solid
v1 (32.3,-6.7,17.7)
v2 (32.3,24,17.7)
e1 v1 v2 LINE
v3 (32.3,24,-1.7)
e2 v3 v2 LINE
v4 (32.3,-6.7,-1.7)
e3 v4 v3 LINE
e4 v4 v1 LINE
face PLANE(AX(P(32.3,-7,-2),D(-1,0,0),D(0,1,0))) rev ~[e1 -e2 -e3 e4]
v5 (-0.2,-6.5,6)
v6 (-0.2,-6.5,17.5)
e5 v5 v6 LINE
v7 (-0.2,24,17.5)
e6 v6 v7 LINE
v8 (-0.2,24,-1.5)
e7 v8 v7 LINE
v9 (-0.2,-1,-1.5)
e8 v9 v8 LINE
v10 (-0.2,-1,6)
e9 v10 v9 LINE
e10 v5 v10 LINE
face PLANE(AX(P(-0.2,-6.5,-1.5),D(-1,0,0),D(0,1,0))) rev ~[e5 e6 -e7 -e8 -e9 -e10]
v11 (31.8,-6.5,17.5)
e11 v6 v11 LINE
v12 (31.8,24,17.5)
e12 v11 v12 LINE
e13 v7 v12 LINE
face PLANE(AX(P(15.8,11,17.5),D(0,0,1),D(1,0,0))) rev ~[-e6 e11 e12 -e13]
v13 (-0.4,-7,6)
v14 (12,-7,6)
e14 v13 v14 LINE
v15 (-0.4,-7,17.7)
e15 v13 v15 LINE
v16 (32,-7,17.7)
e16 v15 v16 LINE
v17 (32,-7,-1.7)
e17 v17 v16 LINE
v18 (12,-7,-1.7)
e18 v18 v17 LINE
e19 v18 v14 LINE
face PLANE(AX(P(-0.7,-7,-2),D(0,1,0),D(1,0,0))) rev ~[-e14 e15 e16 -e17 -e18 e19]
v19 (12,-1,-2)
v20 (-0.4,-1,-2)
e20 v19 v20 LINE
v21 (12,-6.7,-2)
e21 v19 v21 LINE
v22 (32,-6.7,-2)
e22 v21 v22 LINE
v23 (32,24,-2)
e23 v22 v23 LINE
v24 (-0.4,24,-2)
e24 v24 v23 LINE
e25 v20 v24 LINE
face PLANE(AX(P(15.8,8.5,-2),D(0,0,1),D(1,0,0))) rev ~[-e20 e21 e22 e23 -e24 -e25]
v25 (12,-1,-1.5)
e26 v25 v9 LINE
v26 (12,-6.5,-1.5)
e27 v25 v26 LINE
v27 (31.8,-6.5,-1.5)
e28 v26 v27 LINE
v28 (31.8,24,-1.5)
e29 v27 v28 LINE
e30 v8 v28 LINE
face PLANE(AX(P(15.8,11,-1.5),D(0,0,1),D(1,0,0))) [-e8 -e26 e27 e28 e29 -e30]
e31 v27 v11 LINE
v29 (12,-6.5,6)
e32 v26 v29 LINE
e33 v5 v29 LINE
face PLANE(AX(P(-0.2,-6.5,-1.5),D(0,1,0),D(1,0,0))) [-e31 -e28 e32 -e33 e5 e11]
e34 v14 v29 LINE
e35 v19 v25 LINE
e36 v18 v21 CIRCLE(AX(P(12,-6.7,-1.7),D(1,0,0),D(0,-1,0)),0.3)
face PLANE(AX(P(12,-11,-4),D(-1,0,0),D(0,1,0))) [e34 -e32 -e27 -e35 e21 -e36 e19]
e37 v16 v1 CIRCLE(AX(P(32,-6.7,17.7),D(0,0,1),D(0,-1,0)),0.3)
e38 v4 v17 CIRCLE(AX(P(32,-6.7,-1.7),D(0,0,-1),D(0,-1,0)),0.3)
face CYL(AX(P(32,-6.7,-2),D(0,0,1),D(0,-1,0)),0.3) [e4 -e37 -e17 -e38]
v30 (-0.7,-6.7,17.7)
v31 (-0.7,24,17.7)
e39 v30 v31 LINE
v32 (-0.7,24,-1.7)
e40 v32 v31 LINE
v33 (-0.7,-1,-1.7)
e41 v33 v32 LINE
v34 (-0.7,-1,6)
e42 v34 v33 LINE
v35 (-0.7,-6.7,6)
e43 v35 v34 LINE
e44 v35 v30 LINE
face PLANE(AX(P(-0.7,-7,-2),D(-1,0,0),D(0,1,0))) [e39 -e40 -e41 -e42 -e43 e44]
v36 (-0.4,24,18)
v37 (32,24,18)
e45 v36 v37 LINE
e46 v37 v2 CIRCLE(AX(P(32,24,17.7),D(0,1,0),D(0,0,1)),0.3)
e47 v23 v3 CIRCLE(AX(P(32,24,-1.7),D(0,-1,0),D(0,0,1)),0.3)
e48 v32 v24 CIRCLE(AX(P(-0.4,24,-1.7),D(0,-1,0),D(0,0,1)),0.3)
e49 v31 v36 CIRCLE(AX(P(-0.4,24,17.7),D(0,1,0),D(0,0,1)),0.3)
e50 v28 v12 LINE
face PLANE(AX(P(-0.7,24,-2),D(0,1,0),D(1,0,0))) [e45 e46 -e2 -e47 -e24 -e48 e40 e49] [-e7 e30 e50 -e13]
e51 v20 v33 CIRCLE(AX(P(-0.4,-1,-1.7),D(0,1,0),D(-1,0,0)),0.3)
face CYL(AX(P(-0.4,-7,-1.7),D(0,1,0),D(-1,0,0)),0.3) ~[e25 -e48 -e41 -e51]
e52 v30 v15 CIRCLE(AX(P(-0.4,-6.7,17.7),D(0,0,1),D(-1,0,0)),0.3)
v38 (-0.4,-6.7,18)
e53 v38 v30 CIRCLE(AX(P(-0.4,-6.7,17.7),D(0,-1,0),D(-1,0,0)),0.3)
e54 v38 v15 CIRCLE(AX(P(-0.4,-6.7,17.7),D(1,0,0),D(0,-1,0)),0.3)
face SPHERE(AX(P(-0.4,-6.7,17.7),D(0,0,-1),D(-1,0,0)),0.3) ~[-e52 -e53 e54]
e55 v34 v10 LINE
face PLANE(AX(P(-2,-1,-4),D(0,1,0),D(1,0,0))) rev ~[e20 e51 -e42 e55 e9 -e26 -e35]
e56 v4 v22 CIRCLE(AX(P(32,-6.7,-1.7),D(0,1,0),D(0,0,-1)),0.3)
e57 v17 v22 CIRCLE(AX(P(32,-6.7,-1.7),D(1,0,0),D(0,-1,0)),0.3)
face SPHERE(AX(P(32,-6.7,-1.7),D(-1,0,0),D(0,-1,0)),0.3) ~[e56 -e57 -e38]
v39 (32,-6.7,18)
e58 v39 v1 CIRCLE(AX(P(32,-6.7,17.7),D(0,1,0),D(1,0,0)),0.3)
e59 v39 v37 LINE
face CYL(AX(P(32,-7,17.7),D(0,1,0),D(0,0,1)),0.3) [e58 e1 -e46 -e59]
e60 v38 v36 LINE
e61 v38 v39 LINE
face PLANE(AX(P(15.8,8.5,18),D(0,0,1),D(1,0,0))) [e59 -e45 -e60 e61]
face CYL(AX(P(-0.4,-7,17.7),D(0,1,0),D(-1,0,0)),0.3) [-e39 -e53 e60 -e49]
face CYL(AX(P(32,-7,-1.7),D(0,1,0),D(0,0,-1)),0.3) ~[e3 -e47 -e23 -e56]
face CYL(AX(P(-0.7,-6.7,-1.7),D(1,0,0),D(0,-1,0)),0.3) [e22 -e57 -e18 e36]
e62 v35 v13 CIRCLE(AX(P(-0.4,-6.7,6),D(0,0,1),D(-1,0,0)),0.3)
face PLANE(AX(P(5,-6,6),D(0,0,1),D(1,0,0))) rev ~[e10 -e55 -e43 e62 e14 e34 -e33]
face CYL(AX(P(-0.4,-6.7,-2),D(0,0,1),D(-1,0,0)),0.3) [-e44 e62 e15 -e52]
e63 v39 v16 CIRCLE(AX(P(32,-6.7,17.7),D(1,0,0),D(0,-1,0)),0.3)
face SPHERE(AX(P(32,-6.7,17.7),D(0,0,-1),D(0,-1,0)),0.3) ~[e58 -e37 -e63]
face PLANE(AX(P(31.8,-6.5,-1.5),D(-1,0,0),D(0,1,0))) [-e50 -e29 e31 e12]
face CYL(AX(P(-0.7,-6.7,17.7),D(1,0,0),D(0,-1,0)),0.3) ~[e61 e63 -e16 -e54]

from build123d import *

# Parameters (mm, degrees)
BOX012_W     = 14
BOX012_H     = 10
BOX012_DEPTH = 10
BOX011_W     = 32
BOX011_H     = 35
BOX011_DEPTH = 19
BOX010_W     = 33
BOX010_H     = 31
BOX010_DEPTH = 20
FILLET_R     = 0.3


with BuildPart() as cubo001:
    # Box012 → Box012 (new body)
    with BuildSketch(Plane(origin=(-2, -11, -4), x_dir=(1, 0, 0), z_dir=(0, 0, 1))):
        with Locations((7, 5)):
            Rectangle(BOX012_W, BOX012_H)
    extrude(amount=BOX012_DEPTH)


with BuildPart() as cubo:
    # Box011 → Box011 (new body)
    with BuildSketch(Plane(origin=(-0.2, -6.5, -1.5), x_dir=(1, 0, 0), z_dir=(0, 0, 1))):
        with Locations((16, 17.5)):
            Rectangle(BOX011_W, BOX011_H)
    extrude(amount=BOX011_DEPTH)


with BuildPart() as cut001:
    # Box010 → Box010 (new body)
    with BuildSketch(Plane(origin=(-0.7, -7, -2), x_dir=(1, 0, 0), z_dir=(0, 0, 1))):
        with Locations((16.5, 15.5)):
            Rectangle(BOX010_W, BOX010_H)
    extrude(amount=BOX010_DEPTH)

    # Cut: cut Cubo
    add(cubo.part, mode=Mode.SUBTRACT)

    # Fillet
    fillet_edges = [cut001.edges().sort_by_distance(p)[0] for p in [
        (-0.7, -7, 8),
        (-0.7, 8.5, 18),
        (-0.7, 8.5, -2),
        (15.8, -7, -2),
        (32.3, -7, 8),
        (15.8, -7, 18),
        (32.3, 8.5, 18),
        (32.3, 8.5, -2),
    ]]
    fillet(fillet_edges, radius=FILLET_R)

    # Cut001: cut Cubo001
    add(cubo001.part, mode=Mode.SUBTRACT)


solid = cut001.part
